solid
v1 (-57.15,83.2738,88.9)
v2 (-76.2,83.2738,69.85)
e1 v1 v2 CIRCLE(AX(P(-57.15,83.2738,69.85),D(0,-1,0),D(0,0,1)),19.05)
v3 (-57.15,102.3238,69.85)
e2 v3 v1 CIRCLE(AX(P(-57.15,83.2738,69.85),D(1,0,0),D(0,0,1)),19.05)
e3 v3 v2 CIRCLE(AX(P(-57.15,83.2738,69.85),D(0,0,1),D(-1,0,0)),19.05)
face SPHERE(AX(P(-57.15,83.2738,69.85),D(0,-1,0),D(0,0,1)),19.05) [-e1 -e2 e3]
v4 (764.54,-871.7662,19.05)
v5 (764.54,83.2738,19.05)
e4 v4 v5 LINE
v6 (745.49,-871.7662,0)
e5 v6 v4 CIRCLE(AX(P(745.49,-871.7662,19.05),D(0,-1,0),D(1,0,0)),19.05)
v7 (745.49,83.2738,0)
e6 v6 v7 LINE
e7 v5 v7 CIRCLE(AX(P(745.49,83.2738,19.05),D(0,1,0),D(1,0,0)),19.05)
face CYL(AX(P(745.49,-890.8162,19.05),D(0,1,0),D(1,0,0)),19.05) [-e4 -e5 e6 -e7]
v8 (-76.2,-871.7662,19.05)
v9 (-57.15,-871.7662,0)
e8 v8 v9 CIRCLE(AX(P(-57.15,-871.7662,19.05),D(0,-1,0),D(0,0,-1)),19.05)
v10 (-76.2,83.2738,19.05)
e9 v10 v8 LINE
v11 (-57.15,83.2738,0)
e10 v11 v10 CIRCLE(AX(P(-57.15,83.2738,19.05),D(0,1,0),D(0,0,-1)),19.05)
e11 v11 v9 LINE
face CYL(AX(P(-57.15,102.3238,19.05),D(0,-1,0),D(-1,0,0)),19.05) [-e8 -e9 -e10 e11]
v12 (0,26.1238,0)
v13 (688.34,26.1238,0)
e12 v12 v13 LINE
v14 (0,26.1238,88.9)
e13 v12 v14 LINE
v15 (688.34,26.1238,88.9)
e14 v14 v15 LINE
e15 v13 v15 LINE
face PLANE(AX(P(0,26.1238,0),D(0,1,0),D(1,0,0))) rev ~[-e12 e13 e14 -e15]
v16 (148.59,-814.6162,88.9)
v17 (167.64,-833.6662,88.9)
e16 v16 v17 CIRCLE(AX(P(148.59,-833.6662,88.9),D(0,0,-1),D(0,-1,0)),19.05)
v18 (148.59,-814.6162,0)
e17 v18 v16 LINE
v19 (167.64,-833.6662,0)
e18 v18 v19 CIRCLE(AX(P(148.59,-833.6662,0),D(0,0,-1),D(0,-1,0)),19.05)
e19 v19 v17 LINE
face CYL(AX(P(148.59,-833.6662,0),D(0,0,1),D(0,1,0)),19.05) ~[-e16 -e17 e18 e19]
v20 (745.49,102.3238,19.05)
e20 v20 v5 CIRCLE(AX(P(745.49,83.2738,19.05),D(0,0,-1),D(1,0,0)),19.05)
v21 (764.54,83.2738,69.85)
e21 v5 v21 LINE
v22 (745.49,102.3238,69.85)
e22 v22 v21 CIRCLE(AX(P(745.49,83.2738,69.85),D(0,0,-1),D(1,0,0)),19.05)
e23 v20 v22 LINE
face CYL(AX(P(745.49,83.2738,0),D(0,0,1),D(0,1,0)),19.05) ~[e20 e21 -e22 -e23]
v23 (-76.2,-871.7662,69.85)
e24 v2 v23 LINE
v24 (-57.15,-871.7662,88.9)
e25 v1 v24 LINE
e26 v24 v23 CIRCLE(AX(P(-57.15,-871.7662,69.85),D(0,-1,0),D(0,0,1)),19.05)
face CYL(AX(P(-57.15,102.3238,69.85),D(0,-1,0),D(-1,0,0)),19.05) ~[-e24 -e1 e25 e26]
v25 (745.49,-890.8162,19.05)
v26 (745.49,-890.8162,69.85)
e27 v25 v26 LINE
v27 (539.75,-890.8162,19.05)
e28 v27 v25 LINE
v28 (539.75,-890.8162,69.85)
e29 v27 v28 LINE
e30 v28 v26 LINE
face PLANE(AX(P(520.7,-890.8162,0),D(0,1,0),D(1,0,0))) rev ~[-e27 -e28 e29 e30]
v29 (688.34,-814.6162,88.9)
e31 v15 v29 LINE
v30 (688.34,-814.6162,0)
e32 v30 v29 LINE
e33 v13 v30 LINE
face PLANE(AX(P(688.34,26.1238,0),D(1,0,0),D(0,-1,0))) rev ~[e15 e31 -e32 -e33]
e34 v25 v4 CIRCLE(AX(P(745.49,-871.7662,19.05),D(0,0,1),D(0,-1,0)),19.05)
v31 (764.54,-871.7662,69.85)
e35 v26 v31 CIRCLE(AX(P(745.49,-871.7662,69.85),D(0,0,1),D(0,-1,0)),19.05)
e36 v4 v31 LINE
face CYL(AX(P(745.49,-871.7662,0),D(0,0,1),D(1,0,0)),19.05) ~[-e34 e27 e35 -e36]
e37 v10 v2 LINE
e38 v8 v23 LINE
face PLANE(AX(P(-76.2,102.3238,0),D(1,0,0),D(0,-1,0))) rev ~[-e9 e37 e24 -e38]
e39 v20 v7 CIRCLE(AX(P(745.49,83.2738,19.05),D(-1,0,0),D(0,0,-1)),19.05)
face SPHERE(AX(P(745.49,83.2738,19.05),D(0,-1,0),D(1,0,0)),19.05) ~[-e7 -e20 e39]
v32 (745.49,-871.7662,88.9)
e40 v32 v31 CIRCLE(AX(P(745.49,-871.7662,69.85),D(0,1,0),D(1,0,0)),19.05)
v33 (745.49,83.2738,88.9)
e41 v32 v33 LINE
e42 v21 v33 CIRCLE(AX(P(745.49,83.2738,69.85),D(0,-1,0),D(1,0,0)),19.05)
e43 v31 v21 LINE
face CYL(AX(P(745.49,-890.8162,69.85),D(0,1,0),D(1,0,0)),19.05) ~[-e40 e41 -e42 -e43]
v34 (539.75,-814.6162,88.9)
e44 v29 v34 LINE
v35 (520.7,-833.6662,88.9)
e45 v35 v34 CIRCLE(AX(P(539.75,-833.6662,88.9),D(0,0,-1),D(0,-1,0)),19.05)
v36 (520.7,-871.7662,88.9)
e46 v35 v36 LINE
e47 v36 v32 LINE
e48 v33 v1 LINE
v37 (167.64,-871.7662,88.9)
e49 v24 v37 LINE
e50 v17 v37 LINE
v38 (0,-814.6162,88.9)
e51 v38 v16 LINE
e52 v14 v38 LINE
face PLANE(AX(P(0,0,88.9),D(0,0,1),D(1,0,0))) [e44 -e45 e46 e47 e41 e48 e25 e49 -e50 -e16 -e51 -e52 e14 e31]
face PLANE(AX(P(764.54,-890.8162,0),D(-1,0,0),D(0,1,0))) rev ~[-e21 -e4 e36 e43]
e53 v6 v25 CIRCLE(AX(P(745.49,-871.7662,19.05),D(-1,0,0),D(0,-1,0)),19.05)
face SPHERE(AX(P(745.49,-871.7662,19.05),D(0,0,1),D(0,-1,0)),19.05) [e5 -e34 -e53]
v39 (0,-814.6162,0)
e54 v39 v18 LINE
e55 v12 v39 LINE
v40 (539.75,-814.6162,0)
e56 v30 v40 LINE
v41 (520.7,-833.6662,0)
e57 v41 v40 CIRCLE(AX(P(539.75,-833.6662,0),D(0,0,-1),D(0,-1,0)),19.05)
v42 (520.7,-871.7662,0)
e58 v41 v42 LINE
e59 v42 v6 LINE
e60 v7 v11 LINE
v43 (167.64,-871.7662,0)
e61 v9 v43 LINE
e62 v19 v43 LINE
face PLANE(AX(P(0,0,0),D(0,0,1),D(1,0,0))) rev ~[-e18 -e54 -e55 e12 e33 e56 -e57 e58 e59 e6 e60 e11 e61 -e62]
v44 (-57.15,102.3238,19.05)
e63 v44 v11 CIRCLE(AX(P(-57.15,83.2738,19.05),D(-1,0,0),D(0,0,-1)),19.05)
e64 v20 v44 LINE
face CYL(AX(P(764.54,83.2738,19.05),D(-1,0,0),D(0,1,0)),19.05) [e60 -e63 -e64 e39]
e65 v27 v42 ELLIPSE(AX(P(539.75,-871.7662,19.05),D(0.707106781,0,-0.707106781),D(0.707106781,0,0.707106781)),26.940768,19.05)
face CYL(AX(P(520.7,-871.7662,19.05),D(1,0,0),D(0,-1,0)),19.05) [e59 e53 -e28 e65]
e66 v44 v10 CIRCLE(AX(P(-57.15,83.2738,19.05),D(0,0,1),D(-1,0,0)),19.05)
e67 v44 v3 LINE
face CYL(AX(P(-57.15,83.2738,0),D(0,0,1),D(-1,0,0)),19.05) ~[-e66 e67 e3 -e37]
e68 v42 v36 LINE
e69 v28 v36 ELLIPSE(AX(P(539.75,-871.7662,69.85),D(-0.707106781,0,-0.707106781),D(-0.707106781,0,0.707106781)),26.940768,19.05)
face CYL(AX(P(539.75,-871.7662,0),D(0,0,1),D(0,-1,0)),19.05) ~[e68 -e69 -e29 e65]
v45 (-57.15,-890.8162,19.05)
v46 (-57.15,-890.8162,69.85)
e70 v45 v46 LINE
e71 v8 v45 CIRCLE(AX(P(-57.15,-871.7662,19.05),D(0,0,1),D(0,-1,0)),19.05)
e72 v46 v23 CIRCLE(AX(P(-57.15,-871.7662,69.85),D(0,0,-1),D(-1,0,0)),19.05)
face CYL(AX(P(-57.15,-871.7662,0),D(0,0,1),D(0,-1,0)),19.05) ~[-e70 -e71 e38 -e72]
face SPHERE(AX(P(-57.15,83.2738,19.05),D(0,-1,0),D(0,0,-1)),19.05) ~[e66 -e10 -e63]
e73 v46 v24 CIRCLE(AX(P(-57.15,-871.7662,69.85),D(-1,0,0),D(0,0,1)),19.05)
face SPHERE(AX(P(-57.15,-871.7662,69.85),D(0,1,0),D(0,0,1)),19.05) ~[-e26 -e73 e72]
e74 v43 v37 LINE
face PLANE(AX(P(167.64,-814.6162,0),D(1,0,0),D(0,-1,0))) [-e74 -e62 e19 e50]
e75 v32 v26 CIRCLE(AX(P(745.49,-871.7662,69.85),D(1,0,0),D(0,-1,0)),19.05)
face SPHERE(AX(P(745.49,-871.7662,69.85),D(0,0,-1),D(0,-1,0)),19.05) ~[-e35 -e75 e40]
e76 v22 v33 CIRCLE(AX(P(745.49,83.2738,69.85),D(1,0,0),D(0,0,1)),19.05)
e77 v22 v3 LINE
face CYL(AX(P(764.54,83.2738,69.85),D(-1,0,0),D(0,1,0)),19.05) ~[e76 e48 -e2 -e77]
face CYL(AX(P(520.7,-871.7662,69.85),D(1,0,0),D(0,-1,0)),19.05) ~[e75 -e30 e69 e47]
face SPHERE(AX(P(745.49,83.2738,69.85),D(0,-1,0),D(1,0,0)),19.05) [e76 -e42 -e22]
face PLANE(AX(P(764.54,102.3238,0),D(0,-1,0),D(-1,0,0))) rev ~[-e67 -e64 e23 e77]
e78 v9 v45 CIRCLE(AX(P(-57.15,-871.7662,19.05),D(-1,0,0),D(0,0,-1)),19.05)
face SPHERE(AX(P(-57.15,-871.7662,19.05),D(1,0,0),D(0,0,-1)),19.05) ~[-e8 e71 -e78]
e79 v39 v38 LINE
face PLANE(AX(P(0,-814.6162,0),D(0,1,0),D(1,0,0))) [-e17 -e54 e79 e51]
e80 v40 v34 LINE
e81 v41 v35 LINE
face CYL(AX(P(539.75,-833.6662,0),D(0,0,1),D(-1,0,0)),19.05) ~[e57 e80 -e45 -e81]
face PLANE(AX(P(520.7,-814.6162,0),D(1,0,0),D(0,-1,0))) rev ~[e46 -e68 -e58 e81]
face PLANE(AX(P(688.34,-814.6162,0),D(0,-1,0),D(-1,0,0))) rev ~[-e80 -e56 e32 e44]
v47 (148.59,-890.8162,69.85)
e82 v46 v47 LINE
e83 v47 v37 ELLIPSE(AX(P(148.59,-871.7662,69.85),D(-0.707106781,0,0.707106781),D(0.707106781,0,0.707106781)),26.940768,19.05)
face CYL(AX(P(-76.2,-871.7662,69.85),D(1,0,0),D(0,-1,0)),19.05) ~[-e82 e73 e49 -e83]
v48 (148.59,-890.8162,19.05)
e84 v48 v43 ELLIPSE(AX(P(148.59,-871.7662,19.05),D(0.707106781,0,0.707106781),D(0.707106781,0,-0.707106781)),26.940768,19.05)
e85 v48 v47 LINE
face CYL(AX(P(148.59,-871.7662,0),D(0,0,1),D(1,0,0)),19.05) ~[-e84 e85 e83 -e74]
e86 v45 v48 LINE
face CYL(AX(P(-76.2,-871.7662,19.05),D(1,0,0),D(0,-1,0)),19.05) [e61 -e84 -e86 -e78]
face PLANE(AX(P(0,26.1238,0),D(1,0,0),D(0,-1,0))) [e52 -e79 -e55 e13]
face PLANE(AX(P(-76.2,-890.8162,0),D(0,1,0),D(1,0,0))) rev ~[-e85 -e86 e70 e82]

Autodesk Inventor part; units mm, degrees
ref_plane "YZ Plane" through (0, 0, 0) normal (1, 0, 0) x (0, 1, 0)
ref_plane "XZ Plane" through (0, 0, 0) normal (0, 1, 0) x (-1, 0, 0)
ref_plane "XY Plane" through (0, 0, 0) normal (0, 0, 1) x (1, 0, 0)
sketch "Sketch1" plane through (0, 0, 0) normal (0, 0, 1) x (1, 0, 0)
  line L0 (0, 26.1238) -> (688.34, 26.1238)
  line L1 (688.34, 26.1238) -> (688.34, -814.6162)
  line L2 (0, 26.1238) -> (0, -814.6162)
  line L3 (0, -814.6162) -> (167.64, -814.6162)
  line L4 (688.34, -814.6162) -> (520.7, -814.6162)
  line L5 (520.7, -890.8162) -> (764.54, -890.8162)
  line L6 (764.54, -890.8162) -> (764.54, 102.3238)
  line L7 (764.54, 102.3238) -> (-76.2, 102.3238)
  line L8 (-76.2, 102.3238) -> (-76.2, -890.8162)
  line L9 (-76.2, -890.8162) -> (167.64, -890.8162)
  line L10 (167.64, -814.6162) -> (167.64, -890.8162)
  line L11 (520.7, -814.6162) -> (520.7, -890.8162)
  point P0 (0, 0)
  dimension "d0" = 688.34
  dimension "d1" = 840.74
  dimension "d2" = 167.64
  dimension "d3" = 167.64
  dimension "d4" = 76.2
extrude "Extrusion1" add sketch "Sketch1" along normal blind 88.9
fillet "Fillet1" radius 19.05 18 edges at (-76.2, -394.2462, 88.9) (45.72, -890.8162, 88.9) (45.72, -890.8162, 0) (-76.2, -394.2462, 0) (-76.2, -890.8162, 44.45) (167.64, -890.8162, 44.45) (520.7, -890.8162, 44.45) (764.54, -890.8162, 44.45) (642.62, -890.8162, 88.9) (642.62, -890.8162, 0) (764.54, -394.2462, 88.9) (764.54, -394.2462, 0) (764.54, 102.3238, 44.45) (344.17, 102.3238, 88.9) (344.17, 102.3238, 0) (-76.2, 102.3238, 44.45) (520.7, -814.6162, 44.45) (167.64, -814.6162, 44.45)
sketch "Sketch2" plane through (764.54, -871.7662, 19.05) normal (1, 0, 0) x (0, 0, -1)
  line L0 (-65.2441, 154.6268) -> (-65.2441, 182.3935) construction
  line L1 (-65.2441, 182.3935) -> (47.3065, 182.3935) construction
  line L2 (47.3065, 182.3935) -> (47.3065, 154.6268) construction
  line L3 (47.3065, 154.6268) -> (-65.2441, 154.6268) construction
  line L4 (-58.9935, 771.5963) -> (-58.9935, 799.363) construction
  line L5 (-58.9935, 799.363) -> (53.557, 799.363) construction
  line L6 (53.557, 799.363) -> (53.557, 771.5963) construction
  line L7 (53.557, 771.5963) -> (-58.9935, 771.5963) construction
  point P0 (19.05, 871.7662)
  dimension "d3" = 167.64
sketch "Sketch3" plane through (-76.2, -871.7662, 19.05) normal (-1, 0, 0) x (0, 0, 1)
  line L0 (66.8415, 917.1452) -> (66.8415, 824.847) construction
  line L1 (66.8415, 824.847) -> (-3.0085, 824.847) construction
  line L2 (-3.0085, 824.847) -> (-3.0085, 917.1452) construction
  line L3 (-3.0085, 917.1452) -> (66.8415, 917.1452) construction
  line L4 (68.429, 179.765) -> (68.429, 87.4668) construction
  line L5 (68.429, 87.4668) -> (-1.421, 87.4668) construction
  line L6 (-1.421, 87.4668) -> (-1.421, 179.765) construction
  line L7 (-1.421, 179.765) -> (68.429, 179.765) construction
  point P0 (-19.05, 871.7662)
  dimension "d3" = 167.64
properties part number "Bumpers" material "Fabric"
